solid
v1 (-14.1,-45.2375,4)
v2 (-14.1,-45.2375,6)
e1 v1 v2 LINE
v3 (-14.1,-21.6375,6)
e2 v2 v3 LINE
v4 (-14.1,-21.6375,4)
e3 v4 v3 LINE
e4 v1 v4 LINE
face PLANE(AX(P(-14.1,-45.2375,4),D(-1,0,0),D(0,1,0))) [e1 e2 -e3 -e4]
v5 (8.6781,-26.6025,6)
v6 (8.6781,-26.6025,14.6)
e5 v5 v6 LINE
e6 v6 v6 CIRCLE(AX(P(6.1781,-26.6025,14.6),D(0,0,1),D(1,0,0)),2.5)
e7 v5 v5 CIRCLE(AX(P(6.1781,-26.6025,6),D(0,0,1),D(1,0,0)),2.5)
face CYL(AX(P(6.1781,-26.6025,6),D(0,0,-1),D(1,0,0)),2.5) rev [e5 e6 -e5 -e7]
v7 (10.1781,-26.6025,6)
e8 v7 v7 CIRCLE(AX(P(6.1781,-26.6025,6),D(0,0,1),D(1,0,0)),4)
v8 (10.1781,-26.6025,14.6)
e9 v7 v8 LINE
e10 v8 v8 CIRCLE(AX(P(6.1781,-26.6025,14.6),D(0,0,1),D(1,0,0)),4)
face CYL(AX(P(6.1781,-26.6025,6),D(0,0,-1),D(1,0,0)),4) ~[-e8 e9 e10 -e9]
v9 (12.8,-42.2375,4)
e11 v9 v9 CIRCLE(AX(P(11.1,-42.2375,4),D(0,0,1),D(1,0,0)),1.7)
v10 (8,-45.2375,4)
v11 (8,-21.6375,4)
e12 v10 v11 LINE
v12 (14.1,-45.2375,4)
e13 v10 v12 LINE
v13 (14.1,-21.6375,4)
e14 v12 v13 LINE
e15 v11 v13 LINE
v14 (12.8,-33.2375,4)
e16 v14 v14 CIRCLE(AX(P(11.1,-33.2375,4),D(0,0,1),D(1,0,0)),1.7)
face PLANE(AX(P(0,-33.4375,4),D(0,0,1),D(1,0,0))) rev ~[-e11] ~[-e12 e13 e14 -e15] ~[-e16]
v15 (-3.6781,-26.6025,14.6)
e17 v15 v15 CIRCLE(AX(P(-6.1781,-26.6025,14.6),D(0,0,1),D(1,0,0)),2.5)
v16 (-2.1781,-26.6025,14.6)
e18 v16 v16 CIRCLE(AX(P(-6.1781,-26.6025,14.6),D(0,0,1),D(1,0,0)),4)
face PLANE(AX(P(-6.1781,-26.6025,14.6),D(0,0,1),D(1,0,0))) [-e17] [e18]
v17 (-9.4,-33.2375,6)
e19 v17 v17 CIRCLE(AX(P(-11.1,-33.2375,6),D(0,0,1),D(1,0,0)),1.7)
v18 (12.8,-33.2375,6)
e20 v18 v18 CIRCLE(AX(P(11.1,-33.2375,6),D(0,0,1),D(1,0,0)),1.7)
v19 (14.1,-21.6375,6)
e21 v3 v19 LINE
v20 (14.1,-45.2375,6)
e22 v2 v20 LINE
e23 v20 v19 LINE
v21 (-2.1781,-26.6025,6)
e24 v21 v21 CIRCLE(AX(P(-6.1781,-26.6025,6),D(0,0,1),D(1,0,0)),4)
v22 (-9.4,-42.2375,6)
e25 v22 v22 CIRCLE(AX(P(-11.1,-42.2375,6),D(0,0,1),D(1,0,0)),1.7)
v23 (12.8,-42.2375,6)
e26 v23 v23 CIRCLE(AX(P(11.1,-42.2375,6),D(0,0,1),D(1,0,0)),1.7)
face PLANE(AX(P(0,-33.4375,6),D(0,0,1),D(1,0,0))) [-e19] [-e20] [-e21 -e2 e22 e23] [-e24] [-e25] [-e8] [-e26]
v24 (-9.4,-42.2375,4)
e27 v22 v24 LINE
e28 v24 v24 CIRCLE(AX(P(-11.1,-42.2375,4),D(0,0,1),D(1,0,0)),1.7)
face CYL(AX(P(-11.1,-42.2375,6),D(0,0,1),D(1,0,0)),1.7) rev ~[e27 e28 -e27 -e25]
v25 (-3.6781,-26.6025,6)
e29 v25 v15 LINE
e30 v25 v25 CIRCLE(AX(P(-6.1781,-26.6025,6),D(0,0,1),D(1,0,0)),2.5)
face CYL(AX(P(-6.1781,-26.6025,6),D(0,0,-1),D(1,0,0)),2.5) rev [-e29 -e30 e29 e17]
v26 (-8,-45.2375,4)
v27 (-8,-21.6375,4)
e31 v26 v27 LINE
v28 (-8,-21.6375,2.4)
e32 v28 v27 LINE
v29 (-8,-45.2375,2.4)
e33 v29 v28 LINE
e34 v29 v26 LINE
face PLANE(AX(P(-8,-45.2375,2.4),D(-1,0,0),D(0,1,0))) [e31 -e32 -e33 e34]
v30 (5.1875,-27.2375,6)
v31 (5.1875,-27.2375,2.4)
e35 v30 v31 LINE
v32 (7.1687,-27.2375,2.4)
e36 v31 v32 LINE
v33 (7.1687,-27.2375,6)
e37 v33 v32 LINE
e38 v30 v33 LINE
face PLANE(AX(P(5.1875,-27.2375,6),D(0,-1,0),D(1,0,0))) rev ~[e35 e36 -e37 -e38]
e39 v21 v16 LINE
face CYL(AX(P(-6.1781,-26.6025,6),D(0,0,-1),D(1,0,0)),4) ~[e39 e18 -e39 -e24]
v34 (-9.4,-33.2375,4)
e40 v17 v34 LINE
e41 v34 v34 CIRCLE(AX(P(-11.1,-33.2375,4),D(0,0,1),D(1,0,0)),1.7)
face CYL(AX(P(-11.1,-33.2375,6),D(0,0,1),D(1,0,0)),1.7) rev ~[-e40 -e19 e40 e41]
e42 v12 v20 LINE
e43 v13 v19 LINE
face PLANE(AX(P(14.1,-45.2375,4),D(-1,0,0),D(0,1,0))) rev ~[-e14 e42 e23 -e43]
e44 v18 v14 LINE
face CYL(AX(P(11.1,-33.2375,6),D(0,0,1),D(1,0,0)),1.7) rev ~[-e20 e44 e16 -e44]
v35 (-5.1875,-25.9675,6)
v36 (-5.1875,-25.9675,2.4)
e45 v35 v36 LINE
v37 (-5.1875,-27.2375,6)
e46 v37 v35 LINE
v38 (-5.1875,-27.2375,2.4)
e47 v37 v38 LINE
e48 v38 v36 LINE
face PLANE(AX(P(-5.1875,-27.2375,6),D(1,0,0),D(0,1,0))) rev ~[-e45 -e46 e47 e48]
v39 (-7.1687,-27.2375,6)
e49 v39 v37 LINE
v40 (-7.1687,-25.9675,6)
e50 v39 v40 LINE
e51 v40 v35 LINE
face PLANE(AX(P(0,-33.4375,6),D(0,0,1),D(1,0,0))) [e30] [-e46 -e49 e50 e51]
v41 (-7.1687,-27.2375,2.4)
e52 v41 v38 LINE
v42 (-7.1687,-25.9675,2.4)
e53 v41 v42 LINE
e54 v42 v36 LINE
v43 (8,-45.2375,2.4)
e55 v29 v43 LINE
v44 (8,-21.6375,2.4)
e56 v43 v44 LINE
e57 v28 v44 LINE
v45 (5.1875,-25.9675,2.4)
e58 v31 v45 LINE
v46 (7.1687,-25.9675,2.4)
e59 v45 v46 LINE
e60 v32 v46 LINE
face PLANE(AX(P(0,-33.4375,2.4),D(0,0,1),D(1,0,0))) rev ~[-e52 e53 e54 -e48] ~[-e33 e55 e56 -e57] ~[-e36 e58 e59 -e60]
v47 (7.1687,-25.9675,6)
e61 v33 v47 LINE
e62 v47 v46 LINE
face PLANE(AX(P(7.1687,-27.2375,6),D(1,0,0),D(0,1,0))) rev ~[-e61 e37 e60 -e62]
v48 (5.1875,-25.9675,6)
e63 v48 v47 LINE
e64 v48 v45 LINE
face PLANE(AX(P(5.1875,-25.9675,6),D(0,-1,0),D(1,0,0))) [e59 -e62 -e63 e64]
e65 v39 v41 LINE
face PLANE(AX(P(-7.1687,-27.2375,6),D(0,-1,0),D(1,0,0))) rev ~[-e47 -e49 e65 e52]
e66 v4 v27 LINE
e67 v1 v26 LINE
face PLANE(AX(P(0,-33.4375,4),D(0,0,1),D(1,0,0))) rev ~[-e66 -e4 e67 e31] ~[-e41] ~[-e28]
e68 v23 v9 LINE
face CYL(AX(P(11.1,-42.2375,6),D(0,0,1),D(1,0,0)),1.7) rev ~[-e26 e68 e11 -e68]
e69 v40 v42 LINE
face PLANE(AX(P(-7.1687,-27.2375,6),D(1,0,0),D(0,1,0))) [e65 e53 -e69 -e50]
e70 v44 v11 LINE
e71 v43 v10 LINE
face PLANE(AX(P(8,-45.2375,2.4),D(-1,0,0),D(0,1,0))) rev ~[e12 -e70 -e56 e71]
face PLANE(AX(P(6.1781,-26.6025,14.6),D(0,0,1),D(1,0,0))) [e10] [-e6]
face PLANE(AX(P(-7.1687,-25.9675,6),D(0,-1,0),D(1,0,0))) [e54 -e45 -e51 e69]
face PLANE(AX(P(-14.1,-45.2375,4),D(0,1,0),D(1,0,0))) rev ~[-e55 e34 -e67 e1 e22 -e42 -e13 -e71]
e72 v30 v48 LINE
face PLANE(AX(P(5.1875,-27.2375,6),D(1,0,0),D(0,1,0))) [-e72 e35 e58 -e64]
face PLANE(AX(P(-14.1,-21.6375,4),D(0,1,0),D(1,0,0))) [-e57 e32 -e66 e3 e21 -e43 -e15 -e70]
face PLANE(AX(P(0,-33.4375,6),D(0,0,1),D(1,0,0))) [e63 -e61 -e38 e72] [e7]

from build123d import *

# Parameters (mm, degrees)
SKETCH005_W     = 16
SKETCH005_H     = 23.6
PAD001_DEPTH    = 1.6
SKETCH006_W     = 28.2
SKETCH006_H     = 23.6
PAD002_DEPTH    = 2
SKETCH007_W     = 1.9812
SKETCH007_H     = 1.27
POCKET002_DEPTH = 3.601
SKETCH008_R     = 4
SKETCH008_R_2   = 2.5
PAD003_DEPTH    = 8.6
SKETCH009_R     = 1.7
POCKET003_DEPTH = 2


with BuildPart() as part:
    # Sketch005 → Pad001 (new body)
    with BuildSketch(Plane.XY):
        with Locations((0, -33.4375)):
            Rectangle(SKETCH005_W, SKETCH005_H)
    extrude(amount=PAD001_DEPTH)

    # Sketch006 (on Face6 of Pad001) → Pad002 (join)
    with BuildSketch(Plane.XY.offset(1.6)):
        with Locations((0, -33.4375)):
            Rectangle(SKETCH006_W, SKETCH006_H)
    extrude(amount=PAD002_DEPTH)

    # Sketch007 (on Face7 of Pad002) → Pocket002 (cut, through all)
    with BuildSketch(Plane.XY.offset(3.6)):
        with Locations((-6.1781, -26.6025)):
            Rectangle(SKETCH007_W, SKETCH007_H)
        with Locations((6.1781, -26.6025)):
            Rectangle(SKETCH007_W, SKETCH007_H)
    extrude(amount=-POCKET002_DEPTH, mode=Mode.SUBTRACT)

    # Sketch008 (on Face7 of Pocket002) → Pad003 (join)
    with BuildSketch(Plane.XY.offset(3.6)):
        with Locations((-6.1781, -26.6025)):
            Circle(SKETCH008_R)
        with Locations((-6.1781, -26.6025)):
            Circle(SKETCH008_R_2, mode=Mode.SUBTRACT)
        with Locations((6.1781, -26.6025)):
            Circle(SKETCH008_R)
        with Locations((6.1781, -26.6025)):
            Circle(SKETCH008_R_2, mode=Mode.SUBTRACT)
    extrude(amount=PAD003_DEPTH)

    # Sketch009 (on Face7 of Pad003) → Pocket003 (cut)
    with BuildSketch(Plane.XY.offset(3.6)):
        with Locations((-11.1, -42.2375)):
            Circle(SKETCH009_R)
        with Locations((11.1, -42.2375)):
            Circle(SKETCH009_R)
        with Locations((-11.1, -33.2375)):
            Circle(SKETCH009_R)
        with Locations((11.1, -33.2375)):
            Circle(SKETCH009_R)
    extrude(amount=-POCKET003_DEPTH, mode=Mode.SUBTRACT)


with BuildPart() as part_1:
    # Body001 placement: moved
    add(part.part.moved(Location((0, 0, 2.4))))


solid = part_1.part
